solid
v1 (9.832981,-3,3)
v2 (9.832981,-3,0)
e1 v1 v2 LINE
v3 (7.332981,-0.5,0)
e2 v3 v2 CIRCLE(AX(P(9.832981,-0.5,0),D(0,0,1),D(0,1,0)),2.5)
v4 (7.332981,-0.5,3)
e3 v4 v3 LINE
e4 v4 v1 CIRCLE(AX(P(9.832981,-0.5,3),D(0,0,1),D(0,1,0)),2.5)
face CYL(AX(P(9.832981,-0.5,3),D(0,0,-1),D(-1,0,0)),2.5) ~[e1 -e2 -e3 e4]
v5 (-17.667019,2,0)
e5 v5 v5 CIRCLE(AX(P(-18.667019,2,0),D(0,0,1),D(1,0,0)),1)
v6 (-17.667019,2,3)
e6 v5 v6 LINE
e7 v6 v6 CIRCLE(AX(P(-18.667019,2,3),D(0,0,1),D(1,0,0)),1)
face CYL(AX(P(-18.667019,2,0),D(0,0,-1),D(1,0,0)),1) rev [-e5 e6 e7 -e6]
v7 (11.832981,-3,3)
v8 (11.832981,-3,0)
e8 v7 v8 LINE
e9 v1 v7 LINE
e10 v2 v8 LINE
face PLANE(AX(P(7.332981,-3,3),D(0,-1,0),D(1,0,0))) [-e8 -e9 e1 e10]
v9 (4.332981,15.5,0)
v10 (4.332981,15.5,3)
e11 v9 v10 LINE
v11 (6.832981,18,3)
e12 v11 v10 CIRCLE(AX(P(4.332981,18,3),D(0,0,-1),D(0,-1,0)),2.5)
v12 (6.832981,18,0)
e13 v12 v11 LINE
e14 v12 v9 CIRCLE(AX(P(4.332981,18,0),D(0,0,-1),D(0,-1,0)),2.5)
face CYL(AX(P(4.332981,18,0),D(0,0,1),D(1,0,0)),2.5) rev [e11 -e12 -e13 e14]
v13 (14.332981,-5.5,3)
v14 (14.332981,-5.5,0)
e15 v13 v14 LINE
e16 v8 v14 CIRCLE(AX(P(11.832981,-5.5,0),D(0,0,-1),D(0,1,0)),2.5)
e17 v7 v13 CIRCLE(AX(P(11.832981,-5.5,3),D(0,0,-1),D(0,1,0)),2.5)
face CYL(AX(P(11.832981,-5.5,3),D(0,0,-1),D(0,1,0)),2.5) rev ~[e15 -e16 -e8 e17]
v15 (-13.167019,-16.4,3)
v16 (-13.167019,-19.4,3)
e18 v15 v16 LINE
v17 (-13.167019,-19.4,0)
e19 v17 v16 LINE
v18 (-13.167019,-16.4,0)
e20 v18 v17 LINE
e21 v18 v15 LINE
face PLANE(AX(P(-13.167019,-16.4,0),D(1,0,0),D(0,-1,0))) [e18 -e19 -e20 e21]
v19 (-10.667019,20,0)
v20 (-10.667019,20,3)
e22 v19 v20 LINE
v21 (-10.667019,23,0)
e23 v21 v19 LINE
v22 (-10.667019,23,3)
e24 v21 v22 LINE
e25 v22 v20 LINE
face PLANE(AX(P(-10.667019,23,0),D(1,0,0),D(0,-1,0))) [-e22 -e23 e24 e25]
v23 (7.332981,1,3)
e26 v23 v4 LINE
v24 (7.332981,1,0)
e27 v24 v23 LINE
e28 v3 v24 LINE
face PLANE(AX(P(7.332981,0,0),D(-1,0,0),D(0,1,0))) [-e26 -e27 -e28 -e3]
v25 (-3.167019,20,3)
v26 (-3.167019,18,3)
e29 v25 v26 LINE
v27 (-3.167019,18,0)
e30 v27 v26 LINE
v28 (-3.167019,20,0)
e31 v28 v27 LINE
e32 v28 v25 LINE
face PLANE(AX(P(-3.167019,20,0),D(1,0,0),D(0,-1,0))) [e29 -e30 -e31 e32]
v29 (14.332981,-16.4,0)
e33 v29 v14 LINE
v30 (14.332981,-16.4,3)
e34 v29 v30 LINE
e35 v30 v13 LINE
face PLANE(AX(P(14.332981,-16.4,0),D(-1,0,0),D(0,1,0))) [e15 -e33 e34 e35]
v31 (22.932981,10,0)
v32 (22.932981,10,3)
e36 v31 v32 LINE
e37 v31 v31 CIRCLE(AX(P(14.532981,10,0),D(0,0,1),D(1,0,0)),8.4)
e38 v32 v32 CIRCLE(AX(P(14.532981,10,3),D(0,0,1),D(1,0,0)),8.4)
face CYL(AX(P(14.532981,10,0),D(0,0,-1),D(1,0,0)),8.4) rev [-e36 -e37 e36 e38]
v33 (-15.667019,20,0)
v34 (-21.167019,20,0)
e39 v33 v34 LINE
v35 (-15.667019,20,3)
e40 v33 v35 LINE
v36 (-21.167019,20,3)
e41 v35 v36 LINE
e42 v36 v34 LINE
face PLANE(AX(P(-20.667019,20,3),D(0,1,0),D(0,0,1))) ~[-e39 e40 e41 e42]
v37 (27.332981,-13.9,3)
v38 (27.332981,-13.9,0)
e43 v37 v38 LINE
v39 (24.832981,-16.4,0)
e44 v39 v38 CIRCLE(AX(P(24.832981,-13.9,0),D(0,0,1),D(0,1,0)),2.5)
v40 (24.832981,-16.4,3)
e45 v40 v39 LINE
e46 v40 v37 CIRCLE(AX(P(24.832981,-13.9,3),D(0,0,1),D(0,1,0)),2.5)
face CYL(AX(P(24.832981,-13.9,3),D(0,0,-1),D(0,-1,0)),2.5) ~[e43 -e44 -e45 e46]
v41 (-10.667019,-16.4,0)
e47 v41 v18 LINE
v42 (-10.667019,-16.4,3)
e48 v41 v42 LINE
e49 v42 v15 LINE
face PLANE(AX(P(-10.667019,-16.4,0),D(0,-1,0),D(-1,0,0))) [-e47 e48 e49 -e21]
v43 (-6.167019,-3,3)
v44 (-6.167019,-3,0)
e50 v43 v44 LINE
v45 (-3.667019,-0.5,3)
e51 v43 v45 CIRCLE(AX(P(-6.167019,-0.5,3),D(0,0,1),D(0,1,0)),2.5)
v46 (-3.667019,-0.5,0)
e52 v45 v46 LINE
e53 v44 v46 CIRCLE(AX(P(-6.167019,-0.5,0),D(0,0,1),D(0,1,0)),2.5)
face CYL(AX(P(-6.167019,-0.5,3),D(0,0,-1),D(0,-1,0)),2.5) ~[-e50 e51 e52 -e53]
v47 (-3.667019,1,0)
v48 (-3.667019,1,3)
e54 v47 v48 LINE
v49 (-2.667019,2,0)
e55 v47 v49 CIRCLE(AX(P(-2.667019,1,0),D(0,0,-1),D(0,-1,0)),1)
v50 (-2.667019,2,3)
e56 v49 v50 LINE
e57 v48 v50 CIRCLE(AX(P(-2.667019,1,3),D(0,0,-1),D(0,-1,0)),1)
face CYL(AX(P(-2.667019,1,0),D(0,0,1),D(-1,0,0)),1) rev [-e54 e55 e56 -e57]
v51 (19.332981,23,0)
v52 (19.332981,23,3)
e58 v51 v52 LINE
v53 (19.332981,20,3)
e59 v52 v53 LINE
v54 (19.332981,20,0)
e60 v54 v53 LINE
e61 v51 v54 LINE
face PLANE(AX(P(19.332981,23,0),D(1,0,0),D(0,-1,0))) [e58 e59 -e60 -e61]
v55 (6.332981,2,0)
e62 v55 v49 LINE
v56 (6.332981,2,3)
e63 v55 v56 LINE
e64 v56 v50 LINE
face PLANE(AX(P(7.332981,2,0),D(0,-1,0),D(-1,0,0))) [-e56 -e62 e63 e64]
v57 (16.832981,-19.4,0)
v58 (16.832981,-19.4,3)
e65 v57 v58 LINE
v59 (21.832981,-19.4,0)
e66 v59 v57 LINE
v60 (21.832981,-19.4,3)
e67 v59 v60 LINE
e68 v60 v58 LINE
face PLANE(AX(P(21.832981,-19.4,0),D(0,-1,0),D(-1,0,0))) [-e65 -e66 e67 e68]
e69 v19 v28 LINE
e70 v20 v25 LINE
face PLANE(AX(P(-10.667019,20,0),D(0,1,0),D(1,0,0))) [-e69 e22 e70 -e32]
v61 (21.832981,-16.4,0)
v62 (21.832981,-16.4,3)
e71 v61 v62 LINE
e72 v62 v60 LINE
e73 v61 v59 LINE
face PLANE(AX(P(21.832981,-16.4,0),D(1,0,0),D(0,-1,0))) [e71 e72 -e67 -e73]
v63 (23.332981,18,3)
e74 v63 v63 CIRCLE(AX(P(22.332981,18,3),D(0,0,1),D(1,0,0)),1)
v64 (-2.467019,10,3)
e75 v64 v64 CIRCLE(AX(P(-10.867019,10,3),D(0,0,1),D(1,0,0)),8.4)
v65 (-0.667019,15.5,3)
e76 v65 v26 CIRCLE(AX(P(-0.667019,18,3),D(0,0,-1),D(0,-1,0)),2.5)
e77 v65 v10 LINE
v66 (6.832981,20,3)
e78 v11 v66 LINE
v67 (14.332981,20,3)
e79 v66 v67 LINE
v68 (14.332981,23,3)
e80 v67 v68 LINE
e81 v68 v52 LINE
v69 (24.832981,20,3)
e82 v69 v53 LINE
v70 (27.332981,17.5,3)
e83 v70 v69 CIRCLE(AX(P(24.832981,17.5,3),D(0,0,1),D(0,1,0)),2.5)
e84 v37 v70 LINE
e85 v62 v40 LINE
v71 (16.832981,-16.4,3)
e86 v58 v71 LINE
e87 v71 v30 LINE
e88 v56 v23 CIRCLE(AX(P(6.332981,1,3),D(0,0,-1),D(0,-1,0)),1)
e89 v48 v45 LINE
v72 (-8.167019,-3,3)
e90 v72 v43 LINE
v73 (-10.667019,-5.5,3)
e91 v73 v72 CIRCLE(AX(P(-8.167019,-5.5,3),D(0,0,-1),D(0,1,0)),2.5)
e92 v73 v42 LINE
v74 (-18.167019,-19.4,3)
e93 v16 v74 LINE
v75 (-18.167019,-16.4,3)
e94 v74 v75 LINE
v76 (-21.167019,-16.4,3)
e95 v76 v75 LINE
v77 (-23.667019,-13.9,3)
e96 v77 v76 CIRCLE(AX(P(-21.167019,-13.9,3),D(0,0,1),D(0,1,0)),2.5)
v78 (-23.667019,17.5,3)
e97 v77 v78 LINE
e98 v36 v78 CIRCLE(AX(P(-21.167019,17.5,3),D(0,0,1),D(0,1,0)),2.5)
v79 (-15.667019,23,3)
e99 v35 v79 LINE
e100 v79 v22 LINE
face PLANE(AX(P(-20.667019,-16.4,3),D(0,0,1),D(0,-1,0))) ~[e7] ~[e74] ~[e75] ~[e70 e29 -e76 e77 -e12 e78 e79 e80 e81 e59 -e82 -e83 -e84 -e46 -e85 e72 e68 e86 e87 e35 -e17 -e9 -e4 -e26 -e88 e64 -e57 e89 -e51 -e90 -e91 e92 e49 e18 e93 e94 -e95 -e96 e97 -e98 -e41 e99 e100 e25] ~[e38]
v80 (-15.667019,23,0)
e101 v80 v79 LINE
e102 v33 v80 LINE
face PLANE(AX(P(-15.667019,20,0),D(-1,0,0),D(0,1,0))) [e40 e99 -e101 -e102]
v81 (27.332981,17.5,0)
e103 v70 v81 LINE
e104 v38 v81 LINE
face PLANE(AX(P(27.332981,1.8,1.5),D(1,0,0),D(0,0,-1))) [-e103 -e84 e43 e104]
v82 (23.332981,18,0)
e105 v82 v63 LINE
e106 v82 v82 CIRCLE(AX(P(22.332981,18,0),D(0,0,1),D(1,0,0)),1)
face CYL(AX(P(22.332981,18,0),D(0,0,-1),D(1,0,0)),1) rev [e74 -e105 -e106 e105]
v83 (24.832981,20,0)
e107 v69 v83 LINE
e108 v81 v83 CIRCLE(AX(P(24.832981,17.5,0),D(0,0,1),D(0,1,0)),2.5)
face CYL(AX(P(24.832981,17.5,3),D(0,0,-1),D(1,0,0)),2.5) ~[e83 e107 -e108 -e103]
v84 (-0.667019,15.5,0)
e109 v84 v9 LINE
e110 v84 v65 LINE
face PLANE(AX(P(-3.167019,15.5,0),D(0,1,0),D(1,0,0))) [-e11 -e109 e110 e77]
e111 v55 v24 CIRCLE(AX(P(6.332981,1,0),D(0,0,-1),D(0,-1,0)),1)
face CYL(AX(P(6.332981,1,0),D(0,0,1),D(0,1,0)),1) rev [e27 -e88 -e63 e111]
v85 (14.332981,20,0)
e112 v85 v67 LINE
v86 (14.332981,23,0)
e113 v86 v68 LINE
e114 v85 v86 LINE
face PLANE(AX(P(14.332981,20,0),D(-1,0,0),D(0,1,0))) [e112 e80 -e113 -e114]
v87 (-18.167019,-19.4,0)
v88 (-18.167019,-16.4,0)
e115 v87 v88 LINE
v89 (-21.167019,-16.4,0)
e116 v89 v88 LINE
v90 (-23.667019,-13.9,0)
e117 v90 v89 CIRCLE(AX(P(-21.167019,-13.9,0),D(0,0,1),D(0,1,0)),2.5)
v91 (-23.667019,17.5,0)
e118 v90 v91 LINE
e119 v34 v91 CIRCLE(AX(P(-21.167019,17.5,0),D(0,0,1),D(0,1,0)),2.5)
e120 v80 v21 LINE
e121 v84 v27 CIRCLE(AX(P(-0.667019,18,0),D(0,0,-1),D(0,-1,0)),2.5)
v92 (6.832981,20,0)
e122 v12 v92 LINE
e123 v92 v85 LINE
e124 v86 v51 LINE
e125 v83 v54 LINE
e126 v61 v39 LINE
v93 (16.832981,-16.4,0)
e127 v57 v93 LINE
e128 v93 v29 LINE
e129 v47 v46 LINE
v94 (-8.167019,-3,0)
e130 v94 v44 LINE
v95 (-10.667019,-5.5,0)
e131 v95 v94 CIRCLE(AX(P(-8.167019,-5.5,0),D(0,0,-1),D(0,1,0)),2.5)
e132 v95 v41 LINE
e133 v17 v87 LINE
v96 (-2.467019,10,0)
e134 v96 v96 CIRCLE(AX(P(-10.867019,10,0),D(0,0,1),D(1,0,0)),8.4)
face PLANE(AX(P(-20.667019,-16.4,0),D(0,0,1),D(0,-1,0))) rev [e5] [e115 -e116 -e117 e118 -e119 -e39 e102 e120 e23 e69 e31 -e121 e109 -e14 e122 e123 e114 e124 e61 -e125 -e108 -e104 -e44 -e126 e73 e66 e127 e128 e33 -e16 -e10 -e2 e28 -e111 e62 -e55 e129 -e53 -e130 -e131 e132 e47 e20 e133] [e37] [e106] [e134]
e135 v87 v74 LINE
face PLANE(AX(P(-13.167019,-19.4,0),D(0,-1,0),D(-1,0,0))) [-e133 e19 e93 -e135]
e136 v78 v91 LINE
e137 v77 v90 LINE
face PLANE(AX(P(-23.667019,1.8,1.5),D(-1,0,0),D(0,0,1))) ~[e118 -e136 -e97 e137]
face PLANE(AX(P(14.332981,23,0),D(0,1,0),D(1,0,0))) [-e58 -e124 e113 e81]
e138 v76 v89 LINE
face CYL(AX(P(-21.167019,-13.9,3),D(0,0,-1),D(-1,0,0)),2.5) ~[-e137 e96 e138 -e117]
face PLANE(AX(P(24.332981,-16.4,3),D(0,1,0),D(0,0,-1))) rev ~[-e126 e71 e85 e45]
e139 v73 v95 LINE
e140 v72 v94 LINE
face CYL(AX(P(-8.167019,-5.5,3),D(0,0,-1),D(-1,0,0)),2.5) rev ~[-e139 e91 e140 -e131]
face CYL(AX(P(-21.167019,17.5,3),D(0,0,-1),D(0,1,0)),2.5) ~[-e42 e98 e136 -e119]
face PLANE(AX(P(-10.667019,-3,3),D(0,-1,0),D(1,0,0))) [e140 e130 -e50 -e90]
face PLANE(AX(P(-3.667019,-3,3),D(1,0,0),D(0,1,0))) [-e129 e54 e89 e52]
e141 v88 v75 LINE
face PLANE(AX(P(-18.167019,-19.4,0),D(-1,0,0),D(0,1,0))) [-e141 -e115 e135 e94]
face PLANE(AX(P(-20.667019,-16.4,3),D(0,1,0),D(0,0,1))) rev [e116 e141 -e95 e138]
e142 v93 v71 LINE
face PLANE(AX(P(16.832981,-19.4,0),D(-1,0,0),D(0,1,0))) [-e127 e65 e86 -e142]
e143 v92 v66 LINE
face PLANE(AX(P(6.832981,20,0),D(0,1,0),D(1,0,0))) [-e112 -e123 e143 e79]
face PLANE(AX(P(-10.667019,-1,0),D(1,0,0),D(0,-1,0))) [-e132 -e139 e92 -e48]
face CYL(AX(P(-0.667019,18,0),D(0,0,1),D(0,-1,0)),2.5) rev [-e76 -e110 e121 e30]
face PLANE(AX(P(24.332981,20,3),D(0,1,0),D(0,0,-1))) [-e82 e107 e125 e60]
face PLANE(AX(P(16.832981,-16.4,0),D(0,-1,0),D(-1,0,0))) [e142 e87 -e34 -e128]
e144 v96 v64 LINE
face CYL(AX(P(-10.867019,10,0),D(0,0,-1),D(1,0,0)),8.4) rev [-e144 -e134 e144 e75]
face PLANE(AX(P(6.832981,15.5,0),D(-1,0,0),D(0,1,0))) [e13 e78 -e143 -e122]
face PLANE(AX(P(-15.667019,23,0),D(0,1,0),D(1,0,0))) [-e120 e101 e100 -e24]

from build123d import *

# Parameters (mm, degrees)
SKETCH1_R           = 1
SKETCH1_R_2         = 8.4
BOSS_EXTRUDE1_DEPTH = 3
SKETCH2_W           = 7
SKETCH2_H           = 4
BOSS_EXTRUDE2_DEPTH = 3
SKETCH5_W           = 3
SKETCH5_H           = 36.4
BOSS_EXTRUDE3_DEPTH = 3
FILLET2_R           = 2.5
FILLET3_R           = 1


with BuildPart() as part:
    # Sketch1 → Boss-Extrude1 (new body)
    with BuildSketch(Plane.XY):
        with BuildLine():
            Line((-20.667019059, -16.4), (-20.667019059, 20))
            Line((-20.667019059, 20), (-15.667019059, 20))
            Line((-15.667019059, 20), (-15.667019059, 23))
            Line((-15.667019059, 23), (-10.667019059, 23))
            Line((-10.667019059, 23), (-10.667019059, 20))
            Line((-10.667019059, 20), (-3.167019059, 20))
            Line((-3.167019059, 20), (-3.167019059, 15.5))
            Line((-3.167019059, 15.5), (6.832980941, 15.5))
            Line((6.832980941, 15.5), (6.832980941, 20))
            Line((6.832980941, 20), (14.332980941, 20))
            Line((14.332980941, 20), (14.332980941, 23))
            Line((14.332980941, 23), (19.332980941, 23))
            Line((19.332980941, 23), (19.332980941, 20))
            Line((19.332980941, 20), (24.332980941, 20))
            Line((24.332980941, 20), (24.332980941, -16.4))
            Line((24.332980941, -16.4), (21.832980941, -16.4))
            Line((21.832980941, -16.4), (21.832980941, -19.4))
            Line((21.832980941, -19.4), (16.832980941, -19.4))
            Line((16.832980941, -19.4), (16.832980941, -16.4))
            Line((16.832980941, -16.4), (14.332980941, -16.4))
            Line((14.332980941, -16.4), (14.332980941, -1))
            ThreePointArc((14.332980941, -1), (14.040087722, -0.292893219), (13.332980941, 0))
            Line((13.332980941, 0), (7.332980941, 0))
            Line((7.332980941, 0), (7.332980941, 2))
            Line((7.332980941, 2), (-3.667019059, 2))
            Line((-3.667019059, 2), (-3.667019059, 0))
            Line((-3.667019059, 0), (-9.667019059, 0))
            ThreePointArc((-9.667019059, 0), (-10.37412584, -0.292893219), (-10.667019059, -1))
            Line((-10.667019059, -1), (-10.667019059, -16.4))
            Line((-10.667019059, -16.4), (-13.167019059, -16.4))
            Line((-13.167019059, -16.4), (-13.167019059, -19.4))
            Line((-13.167019059, -19.4), (-18.167019059, -19.4))
            Line((-18.167019059, -19.4), (-18.167019059, -16.4))
            Line((-18.167019059, -16.4), (-20.667019059, -16.4))
        make_face()
        with Locations((22.332980941, 18)):
            Circle(SKETCH1_R, mode=Mode.SUBTRACT)
        with Locations((-18.667019059, 2)):
            Circle(SKETCH1_R, mode=Mode.SUBTRACT)
        with Locations((-10.867019059, 10)):
            Circle(SKETCH1_R_2, mode=Mode.SUBTRACT)
        with Locations((14.532980941, 10)):
            Circle(SKETCH1_R_2, mode=Mode.SUBTRACT)
    extrude(amount=BOSS_EXTRUDE1_DEPTH)

    # Sketch2 → Boss-Extrude2 (add)
    with BuildSketch(Plane.XY.offset(3)):
        with Locations((-7.167019059, -1)):
            Rectangle(SKETCH2_W, SKETCH2_H)
        with Locations((10.832980941, -1)):
            Rectangle(SKETCH2_W, SKETCH2_H)
    extrude(amount=-BOSS_EXTRUDE2_DEPTH)

    # Sketch5 → Boss-Extrude3 (add)
    with BuildSketch(Plane(origin=(24.332980941, 0, 0), x_dir=(0, 0, -1), z_dir=(1, 0, 0))):
        with Locations((-1.5, 1.8)):
            Rectangle(SKETCH5_W, SKETCH5_H)
    boss_extrude3 = extrude(amount=BOSS_EXTRUDE3_DEPTH)

    # Mirror1: Boss-Extrude3 across plane
    add(boss_extrude3.mirror(Plane(origin=(1.832980941, 0, 0), x_dir=(0, 0, 1), z_dir=(1, 0, 0))))

    # Fillet2
    fillet2_edges = [part.edges().sort_by_distance(p)[0] for p in [
        (-10.667019059, -3, 1.5),
        (-3.667019059, -3, 1.5),
        (7.332980941, -3, 1.5),
        (14.332980941, -3, 1.5),
        (27.332980941, -16.4, 1.5),
        (27.332980941, 20, 1.5),
        (-23.667019059, 20, 1.5),
        (-23.667019059, -16.4, 1.5),
        (-3.167019059, 15.5, 1.5),
        (6.832980941, 15.5, 1.5),
    ]]
    fillet(fillet2_edges, radius=FILLET2_R)

    # Fillet3
    fillet3_edges = [part.edges().sort_by_distance(p)[0] for p in [
        (7.332980941, 2, 1.5),
        (-3.667019059, 2, 1.5),
    ]]
    fillet(fillet3_edges, radius=FILLET3_R)


solid = part.part
